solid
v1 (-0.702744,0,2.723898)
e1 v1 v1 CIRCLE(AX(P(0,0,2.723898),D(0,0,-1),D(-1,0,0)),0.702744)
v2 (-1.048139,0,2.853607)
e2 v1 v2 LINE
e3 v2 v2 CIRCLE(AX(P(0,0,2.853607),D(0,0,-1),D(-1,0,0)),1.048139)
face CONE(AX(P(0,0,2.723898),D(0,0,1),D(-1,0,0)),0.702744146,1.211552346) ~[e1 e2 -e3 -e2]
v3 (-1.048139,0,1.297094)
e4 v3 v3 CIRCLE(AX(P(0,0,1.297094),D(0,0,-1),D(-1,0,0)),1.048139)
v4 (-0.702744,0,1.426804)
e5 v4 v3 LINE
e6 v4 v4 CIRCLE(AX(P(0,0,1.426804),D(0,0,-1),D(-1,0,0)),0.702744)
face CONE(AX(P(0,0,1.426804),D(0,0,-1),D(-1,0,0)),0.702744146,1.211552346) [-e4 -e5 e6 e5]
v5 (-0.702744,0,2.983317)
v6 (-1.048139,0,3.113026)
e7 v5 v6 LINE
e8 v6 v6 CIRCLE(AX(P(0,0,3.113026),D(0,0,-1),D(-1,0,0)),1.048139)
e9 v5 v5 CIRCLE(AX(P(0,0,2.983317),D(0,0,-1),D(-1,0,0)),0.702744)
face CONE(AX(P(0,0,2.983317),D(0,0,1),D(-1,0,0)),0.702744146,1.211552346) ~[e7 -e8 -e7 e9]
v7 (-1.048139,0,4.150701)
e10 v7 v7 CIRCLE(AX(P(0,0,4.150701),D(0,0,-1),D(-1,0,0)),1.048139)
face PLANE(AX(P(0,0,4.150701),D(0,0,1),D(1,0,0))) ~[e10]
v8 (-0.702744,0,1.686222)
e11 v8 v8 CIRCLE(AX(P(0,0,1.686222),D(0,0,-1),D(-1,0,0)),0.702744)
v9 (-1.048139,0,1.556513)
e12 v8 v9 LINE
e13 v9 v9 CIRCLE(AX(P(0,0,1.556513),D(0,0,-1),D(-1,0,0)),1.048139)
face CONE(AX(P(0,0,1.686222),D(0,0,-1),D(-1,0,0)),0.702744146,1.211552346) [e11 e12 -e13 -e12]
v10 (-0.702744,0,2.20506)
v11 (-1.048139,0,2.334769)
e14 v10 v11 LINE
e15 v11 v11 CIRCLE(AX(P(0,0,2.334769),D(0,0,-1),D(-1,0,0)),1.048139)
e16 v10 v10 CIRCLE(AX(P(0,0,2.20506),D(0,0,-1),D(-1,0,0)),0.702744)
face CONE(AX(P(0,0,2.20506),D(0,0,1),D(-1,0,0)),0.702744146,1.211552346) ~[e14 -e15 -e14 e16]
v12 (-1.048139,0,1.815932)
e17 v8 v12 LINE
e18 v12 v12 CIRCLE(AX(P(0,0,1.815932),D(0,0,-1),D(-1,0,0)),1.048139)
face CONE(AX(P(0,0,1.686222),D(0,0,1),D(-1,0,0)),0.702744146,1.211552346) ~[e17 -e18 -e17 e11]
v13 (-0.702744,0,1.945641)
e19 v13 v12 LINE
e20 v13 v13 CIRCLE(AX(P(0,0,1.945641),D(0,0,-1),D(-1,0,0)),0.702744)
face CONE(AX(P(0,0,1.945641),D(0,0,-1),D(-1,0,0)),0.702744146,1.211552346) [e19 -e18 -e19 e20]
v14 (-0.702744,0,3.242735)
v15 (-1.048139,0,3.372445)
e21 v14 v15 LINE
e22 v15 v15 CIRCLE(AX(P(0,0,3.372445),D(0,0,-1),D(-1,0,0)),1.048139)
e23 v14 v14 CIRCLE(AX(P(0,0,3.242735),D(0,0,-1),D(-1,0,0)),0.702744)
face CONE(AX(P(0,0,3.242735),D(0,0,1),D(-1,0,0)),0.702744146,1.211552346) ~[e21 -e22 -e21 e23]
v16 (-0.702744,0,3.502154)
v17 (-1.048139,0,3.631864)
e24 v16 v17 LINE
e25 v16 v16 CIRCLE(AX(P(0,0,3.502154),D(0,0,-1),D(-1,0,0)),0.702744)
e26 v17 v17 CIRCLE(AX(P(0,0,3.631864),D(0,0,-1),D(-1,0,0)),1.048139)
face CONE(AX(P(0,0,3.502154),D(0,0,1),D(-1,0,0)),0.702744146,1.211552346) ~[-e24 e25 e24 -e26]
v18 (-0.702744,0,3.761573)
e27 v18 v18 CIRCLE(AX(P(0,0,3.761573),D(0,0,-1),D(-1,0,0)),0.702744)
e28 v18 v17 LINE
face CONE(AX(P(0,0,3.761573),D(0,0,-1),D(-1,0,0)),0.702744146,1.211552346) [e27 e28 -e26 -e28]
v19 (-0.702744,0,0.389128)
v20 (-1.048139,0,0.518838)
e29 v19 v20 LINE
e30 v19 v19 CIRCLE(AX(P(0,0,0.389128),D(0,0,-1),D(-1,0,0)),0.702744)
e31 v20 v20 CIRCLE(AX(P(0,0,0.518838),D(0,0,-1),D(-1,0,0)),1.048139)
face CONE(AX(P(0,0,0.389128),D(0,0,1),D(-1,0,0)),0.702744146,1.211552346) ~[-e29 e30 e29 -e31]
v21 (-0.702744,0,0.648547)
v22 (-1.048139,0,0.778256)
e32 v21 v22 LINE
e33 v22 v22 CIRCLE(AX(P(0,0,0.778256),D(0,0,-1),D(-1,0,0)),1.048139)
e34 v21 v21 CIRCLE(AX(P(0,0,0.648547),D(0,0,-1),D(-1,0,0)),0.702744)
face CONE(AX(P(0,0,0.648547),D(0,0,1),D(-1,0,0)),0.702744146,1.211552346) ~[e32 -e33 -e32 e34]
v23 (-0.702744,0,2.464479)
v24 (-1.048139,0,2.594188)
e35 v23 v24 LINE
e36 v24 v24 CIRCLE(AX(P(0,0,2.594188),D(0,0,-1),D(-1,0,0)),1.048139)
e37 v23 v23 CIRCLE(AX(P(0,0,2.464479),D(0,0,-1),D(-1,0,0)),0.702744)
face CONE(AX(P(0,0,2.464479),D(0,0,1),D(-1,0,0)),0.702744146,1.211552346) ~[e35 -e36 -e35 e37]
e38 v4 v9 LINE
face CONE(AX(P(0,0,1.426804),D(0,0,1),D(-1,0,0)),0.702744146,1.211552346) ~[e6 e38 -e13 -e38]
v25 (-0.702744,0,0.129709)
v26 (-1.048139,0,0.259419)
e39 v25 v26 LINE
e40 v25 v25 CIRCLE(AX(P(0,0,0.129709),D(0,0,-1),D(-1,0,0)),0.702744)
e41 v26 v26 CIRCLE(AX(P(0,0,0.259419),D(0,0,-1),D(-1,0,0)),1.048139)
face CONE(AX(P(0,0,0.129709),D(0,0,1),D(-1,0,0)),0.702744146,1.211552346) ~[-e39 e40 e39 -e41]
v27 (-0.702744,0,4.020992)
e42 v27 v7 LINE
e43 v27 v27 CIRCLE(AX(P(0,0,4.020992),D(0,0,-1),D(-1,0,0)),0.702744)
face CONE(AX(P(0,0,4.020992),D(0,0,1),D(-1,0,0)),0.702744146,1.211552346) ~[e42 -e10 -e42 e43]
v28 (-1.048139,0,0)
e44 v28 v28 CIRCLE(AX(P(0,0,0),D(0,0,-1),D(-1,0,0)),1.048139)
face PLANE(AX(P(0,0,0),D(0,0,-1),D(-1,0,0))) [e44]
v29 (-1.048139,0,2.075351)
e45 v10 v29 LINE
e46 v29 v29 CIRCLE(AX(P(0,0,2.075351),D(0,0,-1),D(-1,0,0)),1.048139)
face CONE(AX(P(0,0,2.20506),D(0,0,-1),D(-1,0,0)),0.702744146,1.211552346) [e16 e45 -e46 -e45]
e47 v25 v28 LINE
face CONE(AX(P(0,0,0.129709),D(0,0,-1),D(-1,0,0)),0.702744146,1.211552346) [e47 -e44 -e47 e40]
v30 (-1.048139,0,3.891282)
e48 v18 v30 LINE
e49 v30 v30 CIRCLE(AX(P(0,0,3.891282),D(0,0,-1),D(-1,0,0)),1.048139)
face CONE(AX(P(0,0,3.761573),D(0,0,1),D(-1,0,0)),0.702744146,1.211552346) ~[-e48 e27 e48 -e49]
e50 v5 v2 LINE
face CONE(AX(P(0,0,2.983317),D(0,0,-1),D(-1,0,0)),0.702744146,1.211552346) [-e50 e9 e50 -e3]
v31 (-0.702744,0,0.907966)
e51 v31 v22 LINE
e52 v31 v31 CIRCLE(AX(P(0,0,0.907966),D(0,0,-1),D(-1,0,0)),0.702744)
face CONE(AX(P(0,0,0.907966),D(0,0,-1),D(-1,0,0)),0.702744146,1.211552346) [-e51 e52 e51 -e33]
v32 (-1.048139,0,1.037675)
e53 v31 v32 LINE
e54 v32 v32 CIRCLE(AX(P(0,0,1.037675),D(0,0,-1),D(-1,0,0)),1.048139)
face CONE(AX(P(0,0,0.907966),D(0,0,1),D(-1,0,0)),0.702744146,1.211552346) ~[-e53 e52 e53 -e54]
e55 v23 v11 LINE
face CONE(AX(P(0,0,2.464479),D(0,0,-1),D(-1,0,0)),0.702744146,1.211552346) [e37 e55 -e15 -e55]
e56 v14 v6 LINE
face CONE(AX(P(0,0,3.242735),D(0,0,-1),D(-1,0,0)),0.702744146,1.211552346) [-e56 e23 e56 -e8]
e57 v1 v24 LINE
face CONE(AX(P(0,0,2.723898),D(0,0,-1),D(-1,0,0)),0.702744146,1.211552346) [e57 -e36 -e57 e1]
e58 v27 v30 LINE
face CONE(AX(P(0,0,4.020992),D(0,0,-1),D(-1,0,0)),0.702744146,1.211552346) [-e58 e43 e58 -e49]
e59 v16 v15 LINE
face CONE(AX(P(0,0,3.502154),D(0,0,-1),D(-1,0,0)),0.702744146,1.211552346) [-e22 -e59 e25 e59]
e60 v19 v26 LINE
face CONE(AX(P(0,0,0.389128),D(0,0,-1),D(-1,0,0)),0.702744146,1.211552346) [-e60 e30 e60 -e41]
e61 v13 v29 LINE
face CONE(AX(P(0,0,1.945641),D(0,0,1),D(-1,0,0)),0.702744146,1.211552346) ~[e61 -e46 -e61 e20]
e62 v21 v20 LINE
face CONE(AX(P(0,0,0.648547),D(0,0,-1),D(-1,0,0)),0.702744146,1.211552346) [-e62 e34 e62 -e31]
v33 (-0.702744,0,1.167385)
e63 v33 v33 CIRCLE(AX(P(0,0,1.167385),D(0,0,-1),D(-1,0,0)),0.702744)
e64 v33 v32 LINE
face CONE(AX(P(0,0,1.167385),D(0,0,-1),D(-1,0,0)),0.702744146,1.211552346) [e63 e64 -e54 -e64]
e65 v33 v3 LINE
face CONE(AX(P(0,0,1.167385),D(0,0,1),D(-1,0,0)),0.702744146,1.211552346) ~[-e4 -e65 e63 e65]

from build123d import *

# Parameters (mm, degrees)
F7_SCALE = 10


with BuildPart() as f1:
    # F0 (on Front) → F1 (revolve)
    with BuildSketch(Plane.XZ):
        Polygon((-0.1048138583, 0), (0, 0), (0, 0.0129709415), (-0.0702744146, 0.0129709415), align=None)
    revolve(axis=Axis((0, 0, 0.0064854707), (0, 0, -1)))

    # F2: F1 across face


with BuildPart() as f1_1:
    add(f1.part)
    add(f1.part.mirror(Plane.XY.offset(0.0129709415)))

    # F3: F1 across face


with BuildPart() as f1_2:
    add(f1_1.part)
    add(f1_1.part.mirror(Plane.XY.offset(0.025941883)))

    # F4: F1 across face


with BuildPart() as f1_3:
    add(f1_2.part)
    add(f1_2.part.mirror(Plane.XY.offset(0.051883766)))

    # F5: F1 across face


with BuildPart() as f1_4:
    add(f1_3.part)
    add(f1_3.part.mirror(Plane.XY.offset(0.103767532)))

    # F6: F1 across face


with BuildPart() as f1_5:
    add(f1_4.part)
    add(f1_4.part.mirror(Plane.XY.offset(0.207535064)))


with BuildPart() as f1_6:
    # F7: moved
    add(f1_5.part.scale(F7_SCALE))


solid = f1_6.part
